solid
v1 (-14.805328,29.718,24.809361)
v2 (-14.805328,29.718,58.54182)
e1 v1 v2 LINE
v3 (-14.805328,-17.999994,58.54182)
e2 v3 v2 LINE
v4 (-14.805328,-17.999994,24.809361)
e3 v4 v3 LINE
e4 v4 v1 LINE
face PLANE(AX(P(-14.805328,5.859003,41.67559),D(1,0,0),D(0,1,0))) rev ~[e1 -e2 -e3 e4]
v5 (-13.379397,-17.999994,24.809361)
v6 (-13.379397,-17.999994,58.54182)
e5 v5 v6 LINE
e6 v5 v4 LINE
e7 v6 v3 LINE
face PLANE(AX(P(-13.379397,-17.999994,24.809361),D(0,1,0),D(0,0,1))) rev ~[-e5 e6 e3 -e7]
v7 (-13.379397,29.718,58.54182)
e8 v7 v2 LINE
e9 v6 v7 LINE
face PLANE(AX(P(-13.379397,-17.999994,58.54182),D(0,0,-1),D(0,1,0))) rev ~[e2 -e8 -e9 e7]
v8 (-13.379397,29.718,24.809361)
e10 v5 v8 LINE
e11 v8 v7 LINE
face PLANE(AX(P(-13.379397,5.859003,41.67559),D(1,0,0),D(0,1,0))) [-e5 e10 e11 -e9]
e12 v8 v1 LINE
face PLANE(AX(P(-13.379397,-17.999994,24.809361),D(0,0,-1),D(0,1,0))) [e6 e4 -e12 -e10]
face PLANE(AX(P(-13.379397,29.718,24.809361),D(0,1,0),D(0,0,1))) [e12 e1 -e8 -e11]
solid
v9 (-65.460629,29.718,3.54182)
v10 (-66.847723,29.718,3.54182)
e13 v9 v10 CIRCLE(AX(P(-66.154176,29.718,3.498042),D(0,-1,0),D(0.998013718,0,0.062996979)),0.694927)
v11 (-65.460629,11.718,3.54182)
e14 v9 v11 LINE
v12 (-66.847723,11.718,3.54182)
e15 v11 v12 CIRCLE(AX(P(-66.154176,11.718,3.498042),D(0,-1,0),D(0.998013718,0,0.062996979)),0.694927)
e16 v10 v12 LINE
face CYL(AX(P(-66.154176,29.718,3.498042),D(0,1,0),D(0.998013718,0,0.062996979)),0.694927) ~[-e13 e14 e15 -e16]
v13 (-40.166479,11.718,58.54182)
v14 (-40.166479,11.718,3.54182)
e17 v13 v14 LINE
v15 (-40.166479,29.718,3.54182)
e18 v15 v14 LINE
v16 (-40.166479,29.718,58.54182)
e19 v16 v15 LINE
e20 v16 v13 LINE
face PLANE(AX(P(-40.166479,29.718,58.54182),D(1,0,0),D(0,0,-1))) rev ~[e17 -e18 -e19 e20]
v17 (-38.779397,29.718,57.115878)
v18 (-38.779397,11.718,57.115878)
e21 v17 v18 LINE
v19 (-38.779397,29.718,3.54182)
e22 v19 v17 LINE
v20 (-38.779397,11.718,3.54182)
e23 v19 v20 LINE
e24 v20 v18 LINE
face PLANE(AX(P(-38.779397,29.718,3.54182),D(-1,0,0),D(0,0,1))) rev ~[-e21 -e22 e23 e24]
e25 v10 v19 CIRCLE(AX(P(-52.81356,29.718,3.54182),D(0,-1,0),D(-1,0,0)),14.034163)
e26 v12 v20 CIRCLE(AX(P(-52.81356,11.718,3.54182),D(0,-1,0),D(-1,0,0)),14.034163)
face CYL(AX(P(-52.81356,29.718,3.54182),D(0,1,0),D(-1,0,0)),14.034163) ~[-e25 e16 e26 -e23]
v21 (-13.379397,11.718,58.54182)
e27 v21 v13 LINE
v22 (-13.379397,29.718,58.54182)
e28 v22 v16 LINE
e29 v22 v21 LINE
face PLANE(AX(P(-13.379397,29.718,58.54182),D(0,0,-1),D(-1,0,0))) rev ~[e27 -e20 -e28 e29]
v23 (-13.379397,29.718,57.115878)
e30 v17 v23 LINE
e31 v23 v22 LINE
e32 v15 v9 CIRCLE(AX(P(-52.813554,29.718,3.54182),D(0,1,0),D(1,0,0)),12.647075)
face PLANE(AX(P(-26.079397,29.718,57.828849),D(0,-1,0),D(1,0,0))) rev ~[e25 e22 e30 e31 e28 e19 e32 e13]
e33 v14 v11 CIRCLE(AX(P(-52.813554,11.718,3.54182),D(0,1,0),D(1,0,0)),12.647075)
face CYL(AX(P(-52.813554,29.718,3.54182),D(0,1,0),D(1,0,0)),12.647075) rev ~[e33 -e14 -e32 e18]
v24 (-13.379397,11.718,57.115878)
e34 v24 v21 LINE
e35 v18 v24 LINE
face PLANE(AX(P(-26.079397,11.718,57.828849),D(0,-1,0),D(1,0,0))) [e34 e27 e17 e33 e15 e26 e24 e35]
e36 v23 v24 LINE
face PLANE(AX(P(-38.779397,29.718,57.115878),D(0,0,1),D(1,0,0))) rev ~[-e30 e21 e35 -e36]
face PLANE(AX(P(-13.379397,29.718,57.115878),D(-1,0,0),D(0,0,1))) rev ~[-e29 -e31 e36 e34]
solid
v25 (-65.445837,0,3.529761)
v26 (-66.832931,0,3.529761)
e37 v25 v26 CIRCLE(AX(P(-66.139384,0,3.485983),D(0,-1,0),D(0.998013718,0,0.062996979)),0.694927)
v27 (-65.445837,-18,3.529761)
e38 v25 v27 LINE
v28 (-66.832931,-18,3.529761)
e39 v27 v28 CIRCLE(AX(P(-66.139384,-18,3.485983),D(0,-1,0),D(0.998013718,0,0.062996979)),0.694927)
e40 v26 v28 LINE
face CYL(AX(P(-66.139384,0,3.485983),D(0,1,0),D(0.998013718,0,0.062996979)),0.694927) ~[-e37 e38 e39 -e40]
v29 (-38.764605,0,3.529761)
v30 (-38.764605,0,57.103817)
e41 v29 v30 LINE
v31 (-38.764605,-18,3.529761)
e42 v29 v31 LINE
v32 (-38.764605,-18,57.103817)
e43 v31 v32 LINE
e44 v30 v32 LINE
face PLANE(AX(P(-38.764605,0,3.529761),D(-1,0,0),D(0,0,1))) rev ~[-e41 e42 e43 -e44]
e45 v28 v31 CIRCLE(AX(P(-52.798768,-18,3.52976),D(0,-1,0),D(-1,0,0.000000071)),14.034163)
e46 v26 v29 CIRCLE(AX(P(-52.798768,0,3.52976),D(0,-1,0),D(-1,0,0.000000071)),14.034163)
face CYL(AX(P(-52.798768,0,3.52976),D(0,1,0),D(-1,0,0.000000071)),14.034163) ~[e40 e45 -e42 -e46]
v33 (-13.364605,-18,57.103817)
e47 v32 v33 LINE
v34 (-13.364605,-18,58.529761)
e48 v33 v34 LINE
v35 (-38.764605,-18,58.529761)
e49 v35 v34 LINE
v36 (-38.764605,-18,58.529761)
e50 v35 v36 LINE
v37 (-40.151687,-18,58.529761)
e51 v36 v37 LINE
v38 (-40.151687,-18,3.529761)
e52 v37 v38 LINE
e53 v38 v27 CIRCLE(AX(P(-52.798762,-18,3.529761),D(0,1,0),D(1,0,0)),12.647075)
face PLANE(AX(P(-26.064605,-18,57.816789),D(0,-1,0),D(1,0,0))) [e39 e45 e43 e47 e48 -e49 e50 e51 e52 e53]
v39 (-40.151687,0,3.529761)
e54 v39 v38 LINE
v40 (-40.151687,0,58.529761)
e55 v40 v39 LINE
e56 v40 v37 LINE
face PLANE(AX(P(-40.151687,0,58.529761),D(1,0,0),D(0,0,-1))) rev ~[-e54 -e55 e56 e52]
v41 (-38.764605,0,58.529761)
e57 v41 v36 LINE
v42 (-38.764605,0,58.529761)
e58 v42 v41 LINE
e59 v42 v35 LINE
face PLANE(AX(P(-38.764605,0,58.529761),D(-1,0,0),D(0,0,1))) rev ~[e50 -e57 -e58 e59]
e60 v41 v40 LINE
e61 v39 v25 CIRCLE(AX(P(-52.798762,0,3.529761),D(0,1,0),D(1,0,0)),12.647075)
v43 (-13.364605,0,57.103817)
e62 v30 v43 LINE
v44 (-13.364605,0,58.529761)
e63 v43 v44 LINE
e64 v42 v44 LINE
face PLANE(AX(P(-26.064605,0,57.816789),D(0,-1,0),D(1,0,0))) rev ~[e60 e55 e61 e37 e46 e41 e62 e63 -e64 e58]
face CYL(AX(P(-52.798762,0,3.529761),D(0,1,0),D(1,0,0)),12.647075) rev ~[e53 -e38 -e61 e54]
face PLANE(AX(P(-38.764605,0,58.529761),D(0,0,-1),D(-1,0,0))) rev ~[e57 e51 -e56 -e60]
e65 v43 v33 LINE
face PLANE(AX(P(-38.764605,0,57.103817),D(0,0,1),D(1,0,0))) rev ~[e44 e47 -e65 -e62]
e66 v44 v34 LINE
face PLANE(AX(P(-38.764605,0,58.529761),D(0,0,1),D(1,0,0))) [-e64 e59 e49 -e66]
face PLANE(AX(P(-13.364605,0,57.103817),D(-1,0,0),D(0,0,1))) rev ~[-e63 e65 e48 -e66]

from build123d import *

# Parameters (mm, degrees)
F0_W     = 25.4
F0_H     = 1.425943
F1_DEPTH = 18
F3_W     = 25.4
F3_H     = 1.425942
F4_DEPTH = 18
F5_W     = 47.717995
F5_H     = 33.732459
F6_DEPTH = 1.425931


with BuildPart() as f1:
    # F0 (on Front) → F1 (new body)
    with BuildSketch(Plane.XZ):
        with Locations((-26.064605, 57.816789)):
            Rectangle(F0_W, F0_H)
        Polygon((-38.764605, 57.103818), (-38.764605, 58.529761), (-40.151687, 58.529761), (-40.151687, 3.529761), (-38.764605, 3.529761), align=None)
        with BuildLine():
            ThreePointArc((-66.832931, 3.529761), (-52.798768, -10.504403), (-38.764605, 3.529761))
            Line((-38.764605, 3.529761), (-40.151687, 3.529761))
            ThreePointArc((-40.151687, 3.529761), (-52.798762, -9.117314), (-65.445837, 3.529761))
            Line((-65.445837, 3.529761), (-66.832931, 3.529761))
        make_face()
        with BuildLine():
            ThreePointArc((-65.445837, 3.529761), (-66.139384, 4.18091), (-66.832931, 3.529761))
            Line((-66.832931, 3.529761), (-65.445837, 3.529761))
        make_face()
    extrude(amount=F1_DEPTH)


with BuildPart() as f4:
    # F3 (on offset) → F4 (new body)
    with BuildSketch(Plane.XZ.offset(-29.718)):
        with Locations((-26.079397, 57.828849)):
            Rectangle(F3_W, F3_H)
        Polygon((-38.779397, 57.115878), (-38.779397, 58.54182), (-40.166479, 58.54182), (-40.166479, 3.54182), (-38.779397, 3.54182), align=None)
        with BuildLine():
            ThreePointArc((-66.847723, 3.54182), (-52.81356, -10.492343), (-38.779397, 3.54182))
            Line((-38.779397, 3.54182), (-40.166479, 3.54182))
            ThreePointArc((-40.166479, 3.54182), (-52.813554, -9.105255), (-65.460629, 3.54182))
            Line((-65.460629, 3.54182), (-66.847723, 3.54182))
        make_face()
        with BuildLine():
            ThreePointArc((-65.460629, 3.54182), (-66.154176, 4.192969), (-66.847723, 3.54182))
            Line((-66.847723, 3.54182), (-65.460629, 3.54182))
        make_face()
    extrude(amount=F4_DEPTH)


with BuildPart() as f6:
    # F5 (on face) → F6 (new body)
    with BuildSketch(Plane.YZ.offset(-13.379397)):
        with Locations((5.859003, 41.67559)):
            Rectangle(F5_W, F5_H)
    extrude(amount=-F6_DEPTH)


solid = Compound([f1.part, f4.part, f6.part])
